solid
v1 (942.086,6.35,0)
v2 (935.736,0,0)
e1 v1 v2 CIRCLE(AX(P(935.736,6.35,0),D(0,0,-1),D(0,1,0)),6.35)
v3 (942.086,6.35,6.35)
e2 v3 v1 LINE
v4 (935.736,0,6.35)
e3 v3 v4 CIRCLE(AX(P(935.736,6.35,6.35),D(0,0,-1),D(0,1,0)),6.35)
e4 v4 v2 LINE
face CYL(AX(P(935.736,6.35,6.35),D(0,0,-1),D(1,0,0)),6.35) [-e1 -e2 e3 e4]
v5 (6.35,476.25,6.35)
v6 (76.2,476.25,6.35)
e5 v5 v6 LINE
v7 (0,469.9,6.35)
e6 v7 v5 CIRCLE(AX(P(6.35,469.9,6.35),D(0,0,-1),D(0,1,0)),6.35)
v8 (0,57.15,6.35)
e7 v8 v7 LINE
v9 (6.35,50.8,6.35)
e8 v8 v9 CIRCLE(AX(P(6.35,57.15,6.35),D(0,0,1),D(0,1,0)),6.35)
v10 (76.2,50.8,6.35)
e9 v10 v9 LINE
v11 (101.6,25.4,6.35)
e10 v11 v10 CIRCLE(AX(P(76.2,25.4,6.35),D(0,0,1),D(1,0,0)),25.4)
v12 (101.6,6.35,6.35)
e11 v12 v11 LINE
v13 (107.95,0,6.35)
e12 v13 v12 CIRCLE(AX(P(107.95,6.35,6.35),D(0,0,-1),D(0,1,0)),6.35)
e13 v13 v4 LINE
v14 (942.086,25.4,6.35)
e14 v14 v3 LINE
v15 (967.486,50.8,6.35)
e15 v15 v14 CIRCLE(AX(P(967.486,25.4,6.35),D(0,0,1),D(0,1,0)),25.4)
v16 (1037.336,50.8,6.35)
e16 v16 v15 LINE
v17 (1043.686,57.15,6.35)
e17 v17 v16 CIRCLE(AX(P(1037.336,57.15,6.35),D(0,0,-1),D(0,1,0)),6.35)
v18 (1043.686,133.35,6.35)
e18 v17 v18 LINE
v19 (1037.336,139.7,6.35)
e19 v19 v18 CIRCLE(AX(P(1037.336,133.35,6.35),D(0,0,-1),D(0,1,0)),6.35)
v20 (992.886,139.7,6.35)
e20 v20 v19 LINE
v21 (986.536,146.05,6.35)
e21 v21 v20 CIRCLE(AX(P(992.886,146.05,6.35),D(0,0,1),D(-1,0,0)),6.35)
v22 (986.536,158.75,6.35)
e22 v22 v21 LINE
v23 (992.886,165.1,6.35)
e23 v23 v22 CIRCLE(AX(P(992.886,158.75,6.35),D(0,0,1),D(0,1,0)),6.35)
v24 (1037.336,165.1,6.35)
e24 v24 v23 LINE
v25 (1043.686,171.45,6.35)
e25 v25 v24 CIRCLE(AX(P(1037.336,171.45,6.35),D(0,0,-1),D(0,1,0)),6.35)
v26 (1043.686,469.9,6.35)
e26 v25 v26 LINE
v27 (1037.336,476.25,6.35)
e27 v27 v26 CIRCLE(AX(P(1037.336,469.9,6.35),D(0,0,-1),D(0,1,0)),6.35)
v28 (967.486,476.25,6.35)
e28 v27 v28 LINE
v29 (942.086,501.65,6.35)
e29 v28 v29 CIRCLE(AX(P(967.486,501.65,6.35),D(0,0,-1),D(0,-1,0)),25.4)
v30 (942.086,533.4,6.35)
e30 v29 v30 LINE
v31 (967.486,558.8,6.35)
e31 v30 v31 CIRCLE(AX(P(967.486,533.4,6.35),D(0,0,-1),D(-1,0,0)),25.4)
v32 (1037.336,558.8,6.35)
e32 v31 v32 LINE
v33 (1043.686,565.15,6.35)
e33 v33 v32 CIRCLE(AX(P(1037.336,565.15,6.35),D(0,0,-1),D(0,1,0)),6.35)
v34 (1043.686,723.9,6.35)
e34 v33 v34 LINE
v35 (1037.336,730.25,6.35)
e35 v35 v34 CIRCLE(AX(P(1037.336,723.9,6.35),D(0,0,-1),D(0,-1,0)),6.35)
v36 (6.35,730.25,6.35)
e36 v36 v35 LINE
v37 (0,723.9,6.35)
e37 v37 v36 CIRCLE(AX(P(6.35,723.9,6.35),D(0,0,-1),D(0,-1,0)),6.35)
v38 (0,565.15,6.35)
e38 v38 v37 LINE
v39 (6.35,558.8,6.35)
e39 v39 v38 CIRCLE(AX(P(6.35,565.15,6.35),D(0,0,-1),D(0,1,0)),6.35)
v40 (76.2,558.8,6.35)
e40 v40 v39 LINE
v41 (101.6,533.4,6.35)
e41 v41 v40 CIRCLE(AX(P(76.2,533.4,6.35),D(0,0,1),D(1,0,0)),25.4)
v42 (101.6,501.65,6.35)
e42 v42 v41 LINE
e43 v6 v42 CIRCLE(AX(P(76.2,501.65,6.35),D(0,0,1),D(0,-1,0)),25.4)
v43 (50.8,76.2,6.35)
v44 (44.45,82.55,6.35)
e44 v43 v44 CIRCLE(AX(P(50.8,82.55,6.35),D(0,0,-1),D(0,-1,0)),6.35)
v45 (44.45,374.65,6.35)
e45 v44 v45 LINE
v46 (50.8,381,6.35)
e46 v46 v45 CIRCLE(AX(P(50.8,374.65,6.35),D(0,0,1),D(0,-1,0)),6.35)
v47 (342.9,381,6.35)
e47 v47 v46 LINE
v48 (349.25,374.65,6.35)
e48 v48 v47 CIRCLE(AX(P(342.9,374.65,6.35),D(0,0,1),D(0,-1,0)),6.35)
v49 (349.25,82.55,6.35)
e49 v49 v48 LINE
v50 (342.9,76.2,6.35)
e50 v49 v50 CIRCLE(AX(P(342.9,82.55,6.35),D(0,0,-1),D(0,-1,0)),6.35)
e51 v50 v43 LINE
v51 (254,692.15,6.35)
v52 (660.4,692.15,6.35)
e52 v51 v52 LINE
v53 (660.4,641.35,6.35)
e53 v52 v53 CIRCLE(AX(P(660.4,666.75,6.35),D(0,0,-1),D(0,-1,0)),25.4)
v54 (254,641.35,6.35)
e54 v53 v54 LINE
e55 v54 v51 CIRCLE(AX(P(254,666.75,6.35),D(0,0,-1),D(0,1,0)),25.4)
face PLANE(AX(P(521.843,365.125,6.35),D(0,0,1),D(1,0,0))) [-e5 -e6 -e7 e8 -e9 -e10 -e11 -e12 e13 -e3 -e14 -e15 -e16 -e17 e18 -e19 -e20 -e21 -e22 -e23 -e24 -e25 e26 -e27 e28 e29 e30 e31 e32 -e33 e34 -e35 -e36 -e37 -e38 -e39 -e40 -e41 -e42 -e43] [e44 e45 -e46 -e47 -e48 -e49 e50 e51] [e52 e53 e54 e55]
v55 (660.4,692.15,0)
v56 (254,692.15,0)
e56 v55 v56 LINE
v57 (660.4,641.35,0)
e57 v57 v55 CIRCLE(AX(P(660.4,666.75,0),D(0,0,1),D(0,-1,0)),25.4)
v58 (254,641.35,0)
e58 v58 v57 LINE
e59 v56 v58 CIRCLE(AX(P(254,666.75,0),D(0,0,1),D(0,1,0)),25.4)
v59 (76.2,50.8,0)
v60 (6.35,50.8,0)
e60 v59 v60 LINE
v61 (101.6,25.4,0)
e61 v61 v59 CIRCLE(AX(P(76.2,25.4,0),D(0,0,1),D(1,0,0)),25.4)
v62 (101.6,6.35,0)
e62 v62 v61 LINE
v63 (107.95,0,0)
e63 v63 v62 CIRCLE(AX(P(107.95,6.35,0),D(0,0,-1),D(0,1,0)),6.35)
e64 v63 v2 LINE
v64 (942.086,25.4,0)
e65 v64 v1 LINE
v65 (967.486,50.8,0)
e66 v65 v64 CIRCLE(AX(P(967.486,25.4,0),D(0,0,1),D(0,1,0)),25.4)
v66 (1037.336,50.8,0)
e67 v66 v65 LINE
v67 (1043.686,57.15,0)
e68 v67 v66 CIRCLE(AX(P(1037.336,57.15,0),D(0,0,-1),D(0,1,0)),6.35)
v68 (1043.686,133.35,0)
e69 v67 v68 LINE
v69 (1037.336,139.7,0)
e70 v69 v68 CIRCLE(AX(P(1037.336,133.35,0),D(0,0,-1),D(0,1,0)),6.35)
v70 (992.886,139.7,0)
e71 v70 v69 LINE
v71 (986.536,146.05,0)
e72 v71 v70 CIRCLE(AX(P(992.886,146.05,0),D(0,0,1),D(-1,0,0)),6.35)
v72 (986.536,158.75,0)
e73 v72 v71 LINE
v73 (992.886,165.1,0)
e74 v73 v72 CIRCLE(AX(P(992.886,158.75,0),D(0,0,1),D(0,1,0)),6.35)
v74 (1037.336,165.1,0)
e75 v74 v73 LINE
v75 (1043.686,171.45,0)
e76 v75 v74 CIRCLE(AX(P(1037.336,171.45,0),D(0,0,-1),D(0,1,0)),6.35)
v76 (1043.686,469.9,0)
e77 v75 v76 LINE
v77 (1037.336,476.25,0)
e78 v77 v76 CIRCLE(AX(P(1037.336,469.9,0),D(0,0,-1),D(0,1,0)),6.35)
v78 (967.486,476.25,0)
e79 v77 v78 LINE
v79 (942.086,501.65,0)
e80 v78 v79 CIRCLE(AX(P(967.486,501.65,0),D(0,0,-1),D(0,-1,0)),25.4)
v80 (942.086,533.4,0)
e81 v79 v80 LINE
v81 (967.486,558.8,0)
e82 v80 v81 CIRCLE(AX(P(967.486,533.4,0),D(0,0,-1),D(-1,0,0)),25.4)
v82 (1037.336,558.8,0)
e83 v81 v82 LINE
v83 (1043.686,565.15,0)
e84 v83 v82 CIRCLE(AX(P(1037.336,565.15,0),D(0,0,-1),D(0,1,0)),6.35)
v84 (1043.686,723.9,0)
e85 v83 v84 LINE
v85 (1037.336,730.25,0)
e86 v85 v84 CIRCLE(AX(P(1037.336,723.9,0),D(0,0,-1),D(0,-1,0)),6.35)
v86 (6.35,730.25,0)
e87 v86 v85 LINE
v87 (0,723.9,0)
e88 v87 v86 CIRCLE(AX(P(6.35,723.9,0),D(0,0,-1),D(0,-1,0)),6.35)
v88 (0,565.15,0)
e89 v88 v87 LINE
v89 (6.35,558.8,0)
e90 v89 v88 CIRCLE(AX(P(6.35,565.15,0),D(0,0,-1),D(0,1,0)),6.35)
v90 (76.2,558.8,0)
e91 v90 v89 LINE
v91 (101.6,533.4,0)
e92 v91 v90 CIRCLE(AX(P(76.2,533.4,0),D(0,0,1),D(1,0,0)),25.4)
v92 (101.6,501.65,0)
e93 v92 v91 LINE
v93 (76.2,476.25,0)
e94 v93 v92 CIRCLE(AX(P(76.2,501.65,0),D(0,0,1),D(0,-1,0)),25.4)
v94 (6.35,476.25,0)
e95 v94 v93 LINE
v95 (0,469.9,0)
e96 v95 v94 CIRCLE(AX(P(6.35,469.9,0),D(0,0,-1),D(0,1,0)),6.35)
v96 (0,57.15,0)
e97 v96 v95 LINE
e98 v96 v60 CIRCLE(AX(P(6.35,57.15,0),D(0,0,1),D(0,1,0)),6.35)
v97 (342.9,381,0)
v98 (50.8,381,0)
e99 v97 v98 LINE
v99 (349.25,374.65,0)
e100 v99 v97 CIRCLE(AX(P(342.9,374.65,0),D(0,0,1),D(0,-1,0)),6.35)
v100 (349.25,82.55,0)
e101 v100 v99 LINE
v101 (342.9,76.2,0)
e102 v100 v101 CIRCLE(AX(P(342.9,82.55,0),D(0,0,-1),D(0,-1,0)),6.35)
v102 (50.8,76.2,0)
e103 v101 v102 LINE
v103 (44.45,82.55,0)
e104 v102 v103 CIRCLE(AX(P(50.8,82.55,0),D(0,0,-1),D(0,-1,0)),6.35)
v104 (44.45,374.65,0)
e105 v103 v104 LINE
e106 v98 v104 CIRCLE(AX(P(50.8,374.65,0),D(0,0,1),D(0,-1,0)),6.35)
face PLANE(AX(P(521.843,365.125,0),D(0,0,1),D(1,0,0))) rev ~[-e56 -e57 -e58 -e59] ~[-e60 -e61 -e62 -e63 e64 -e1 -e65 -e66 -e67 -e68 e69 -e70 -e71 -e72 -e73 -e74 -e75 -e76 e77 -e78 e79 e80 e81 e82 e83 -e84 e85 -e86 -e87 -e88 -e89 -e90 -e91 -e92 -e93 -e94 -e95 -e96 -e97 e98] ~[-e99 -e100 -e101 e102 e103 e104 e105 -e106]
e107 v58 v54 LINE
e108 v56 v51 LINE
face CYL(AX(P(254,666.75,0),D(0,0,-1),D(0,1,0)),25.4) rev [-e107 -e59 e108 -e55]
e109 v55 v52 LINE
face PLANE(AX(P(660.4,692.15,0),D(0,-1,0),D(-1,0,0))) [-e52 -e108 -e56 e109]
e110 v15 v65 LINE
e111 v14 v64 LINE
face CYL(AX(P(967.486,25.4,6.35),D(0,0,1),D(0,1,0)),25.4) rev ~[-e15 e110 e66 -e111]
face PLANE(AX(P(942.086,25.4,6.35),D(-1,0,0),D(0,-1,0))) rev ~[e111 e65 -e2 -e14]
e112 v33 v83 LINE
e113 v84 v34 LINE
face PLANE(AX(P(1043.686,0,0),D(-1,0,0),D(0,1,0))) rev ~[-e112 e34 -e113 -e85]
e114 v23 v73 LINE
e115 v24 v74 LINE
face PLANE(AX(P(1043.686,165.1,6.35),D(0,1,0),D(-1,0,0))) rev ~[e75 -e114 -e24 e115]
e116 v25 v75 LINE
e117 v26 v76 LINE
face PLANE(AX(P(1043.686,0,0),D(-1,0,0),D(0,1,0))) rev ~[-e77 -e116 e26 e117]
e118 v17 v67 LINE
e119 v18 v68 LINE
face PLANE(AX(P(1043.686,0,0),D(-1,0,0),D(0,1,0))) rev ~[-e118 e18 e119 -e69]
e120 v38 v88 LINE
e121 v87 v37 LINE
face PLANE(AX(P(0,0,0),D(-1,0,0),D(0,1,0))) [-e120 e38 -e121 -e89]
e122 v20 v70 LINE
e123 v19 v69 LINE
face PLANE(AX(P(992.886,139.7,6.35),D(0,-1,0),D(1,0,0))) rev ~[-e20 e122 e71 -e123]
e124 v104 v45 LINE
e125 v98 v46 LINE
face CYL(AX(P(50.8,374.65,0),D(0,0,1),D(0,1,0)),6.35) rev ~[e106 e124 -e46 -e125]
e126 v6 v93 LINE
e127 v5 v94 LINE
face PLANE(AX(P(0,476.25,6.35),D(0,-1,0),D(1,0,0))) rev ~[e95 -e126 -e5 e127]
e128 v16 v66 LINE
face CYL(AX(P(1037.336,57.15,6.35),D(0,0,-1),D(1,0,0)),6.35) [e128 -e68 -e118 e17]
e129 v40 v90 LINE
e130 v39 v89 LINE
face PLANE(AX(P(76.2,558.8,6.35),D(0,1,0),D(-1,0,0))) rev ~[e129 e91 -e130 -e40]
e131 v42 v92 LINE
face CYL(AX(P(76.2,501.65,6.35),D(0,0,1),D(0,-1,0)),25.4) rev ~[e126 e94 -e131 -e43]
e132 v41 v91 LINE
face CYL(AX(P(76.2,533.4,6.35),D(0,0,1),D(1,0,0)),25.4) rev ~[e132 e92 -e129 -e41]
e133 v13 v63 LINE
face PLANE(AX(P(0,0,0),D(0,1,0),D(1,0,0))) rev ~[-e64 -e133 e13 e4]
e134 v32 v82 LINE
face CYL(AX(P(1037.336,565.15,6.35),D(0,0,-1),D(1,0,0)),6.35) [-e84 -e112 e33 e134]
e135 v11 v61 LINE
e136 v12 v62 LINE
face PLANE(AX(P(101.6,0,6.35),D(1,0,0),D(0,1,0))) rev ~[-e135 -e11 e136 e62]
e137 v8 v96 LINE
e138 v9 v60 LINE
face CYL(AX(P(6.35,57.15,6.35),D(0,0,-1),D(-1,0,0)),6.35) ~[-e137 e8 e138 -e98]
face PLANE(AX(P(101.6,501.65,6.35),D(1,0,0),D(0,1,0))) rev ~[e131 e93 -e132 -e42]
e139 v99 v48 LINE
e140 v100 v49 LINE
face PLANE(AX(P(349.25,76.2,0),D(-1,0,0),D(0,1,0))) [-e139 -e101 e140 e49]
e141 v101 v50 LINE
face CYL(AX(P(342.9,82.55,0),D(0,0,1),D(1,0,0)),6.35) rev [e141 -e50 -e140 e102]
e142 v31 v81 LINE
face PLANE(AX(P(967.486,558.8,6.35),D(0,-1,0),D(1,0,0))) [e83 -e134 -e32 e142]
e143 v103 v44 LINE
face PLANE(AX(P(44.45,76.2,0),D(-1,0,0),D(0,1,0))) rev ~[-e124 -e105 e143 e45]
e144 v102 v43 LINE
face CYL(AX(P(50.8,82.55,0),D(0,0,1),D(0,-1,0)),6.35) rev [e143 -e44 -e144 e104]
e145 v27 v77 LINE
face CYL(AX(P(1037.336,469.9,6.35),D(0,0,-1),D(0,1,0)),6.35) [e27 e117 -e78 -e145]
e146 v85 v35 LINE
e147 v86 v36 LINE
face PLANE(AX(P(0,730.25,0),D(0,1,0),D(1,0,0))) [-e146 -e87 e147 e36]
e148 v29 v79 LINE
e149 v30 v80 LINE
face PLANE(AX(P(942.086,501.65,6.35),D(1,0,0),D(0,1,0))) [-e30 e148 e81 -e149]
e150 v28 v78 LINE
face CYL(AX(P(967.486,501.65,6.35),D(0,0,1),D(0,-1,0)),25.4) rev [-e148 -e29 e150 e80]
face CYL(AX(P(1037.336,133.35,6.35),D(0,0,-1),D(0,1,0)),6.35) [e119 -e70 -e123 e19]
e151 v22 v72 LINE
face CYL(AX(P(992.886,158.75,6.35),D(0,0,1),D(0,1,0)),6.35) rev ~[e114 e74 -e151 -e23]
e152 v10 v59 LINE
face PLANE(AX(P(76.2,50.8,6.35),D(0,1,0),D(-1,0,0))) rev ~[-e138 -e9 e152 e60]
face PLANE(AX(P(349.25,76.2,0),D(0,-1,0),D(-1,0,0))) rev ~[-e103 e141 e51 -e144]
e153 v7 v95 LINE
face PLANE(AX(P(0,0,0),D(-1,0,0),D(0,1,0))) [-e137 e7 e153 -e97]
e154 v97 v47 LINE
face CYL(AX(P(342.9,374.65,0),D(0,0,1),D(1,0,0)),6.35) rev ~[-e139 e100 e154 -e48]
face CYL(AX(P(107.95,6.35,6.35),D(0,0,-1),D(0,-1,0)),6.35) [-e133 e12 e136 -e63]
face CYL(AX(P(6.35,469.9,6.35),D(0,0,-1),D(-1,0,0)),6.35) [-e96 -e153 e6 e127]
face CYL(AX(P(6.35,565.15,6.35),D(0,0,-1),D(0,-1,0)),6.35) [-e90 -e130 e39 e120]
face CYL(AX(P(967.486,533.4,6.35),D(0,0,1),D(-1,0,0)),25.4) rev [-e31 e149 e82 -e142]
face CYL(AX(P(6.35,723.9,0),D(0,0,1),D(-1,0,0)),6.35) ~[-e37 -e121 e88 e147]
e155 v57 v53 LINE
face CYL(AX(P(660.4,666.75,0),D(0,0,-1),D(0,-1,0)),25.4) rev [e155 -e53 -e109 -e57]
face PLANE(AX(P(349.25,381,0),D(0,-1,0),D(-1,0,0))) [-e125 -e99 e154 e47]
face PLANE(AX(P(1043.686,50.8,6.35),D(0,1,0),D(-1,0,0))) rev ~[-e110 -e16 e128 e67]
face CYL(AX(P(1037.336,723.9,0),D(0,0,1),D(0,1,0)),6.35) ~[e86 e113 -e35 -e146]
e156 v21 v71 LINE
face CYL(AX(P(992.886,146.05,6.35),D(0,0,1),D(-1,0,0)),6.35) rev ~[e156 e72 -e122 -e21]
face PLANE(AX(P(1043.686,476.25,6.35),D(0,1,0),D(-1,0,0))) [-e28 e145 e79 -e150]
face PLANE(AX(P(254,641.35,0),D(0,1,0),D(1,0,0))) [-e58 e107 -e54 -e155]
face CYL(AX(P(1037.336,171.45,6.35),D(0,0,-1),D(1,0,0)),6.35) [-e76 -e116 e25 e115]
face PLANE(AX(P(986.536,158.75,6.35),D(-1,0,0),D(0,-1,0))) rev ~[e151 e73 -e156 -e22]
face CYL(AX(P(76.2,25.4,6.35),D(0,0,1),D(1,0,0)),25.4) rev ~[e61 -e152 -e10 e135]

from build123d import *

# Parameters (mm, degrees)
SKETCH1_W           = 1043.686
SKETCH1_H           = 730.25
BOSS_EXTRUDE1_DEPTH = 6.35
SKETCH9_W           = 304.8
SKETCH9_H           = 304.8
CUT_EXTRUDE3_DEPTH  = 6.35
CUT_EXTRUDE4_DEPTH  = 6.35
FILLET1_R           = 6.35
CUT_EXTRUDE6_DEPTH  = 7.35


with BuildPart() as part:
    # Sketch1 → Boss-Extrude1 (new body)
    with BuildSketch(Plane.XY):
        with Locations((521.843, 365.125)):
            Rectangle(SKETCH1_W, SKETCH1_H)
    extrude(amount=BOSS_EXTRUDE1_DEPTH)

    # Sketch9 → Cut-Extrude3 (cut)
    with BuildSketch(Plane(origin=(0, 0, 0), x_dir=(-1, 0, 0), z_dir=(0, 0, -1))):
        with Locations((-196.85, 228.6)):
            Rectangle(SKETCH9_W, SKETCH9_H)
    extrude(amount=-CUT_EXTRUDE3_DEPTH, mode=Mode.SUBTRACT)

    # Sketch10 → Cut-Extrude4 (cut)
    with BuildSketch(Plane.XY.offset(6.35)):
        with BuildLine():
            Line((76.2, 50.8), (0, 50.8))
            Line((0, 50.8), (0, 0))
            Line((0, 0), (101.6, 0))
            Line((101.6, 0), (101.6, 25.4))
            ThreePointArc((101.6, 25.4), (94.160512242, 43.360512242), (76.2, 50.8))
        make_face()
        with BuildLine():
            Line((942.086, 25.4), (942.086, 0))
            Line((942.086, 0), (1043.686, 0))
            Line((1043.686, 0), (1043.686, 50.8))
            Line((1043.686, 50.8), (967.486, 50.8))
            ThreePointArc((967.486, 50.8), (949.525487758, 43.360512242), (942.086, 25.4))
        make_face()
        with BuildLine():
            Line((967.486, 558.8), (1043.686, 558.8))
            Line((1043.686, 558.8), (1043.686, 476.25))
            Line((1043.686, 476.25), (967.486, 476.25))
            ThreePointArc((967.486, 476.25), (949.525487758, 483.689487758), (942.086, 501.65))
            Line((942.086, 501.65), (942.086, 533.4))
            ThreePointArc((942.086, 533.4), (949.525487758, 551.360512242), (967.486, 558.8))
        make_face()
        with BuildLine():
            Line((76.2, 558.8), (0, 558.8))
            Line((0, 558.8), (0, 476.25))
            Line((0, 476.25), (76.2, 476.25))
            ThreePointArc((76.2, 476.25), (94.160512242, 483.689487758), (101.6, 501.65))
            Line((101.6, 501.65), (101.6, 533.4))
            ThreePointArc((101.6, 533.4), (94.160512242, 551.360512242), (76.2, 558.8))
        make_face()
        with BuildLine():
            Line((1043.686, 139.7), (1043.686, 165.1))
            Line((1043.686, 165.1), (992.886, 165.1))
            ThreePointArc((992.886, 165.1), (988.395871939, 163.240128061), (986.536, 158.75))
            Line((986.536, 158.75), (986.536, 146.05))
            ThreePointArc((986.536, 146.05), (988.395871939, 141.559871939), (992.886, 139.7))
            Line((992.886, 139.7), (1043.686, 139.7))
        make_face()
    extrude(amount=-CUT_EXTRUDE4_DEPTH, mode=Mode.SUBTRACT)

    # Fillet1
    fillet1_edges = [part.edges().sort_by_distance(p)[0] for p in [
        (349.25, 76.2, 3.175),
        (349.25, 381, 3.175),
        (44.45, 381, 3.175),
        (44.45, 76.2, 3.175),
        (1043.686, 558.8, 3.175),
        (1043.686, 476.25, 3.175),
        (1043.686, 50.8, 3.175),
        (942.086, 0, 3.175),
        (0, 476.25, 3.175),
        (0, 558.8, 3.175),
        (0, 730.25, 3.175),
        (1043.686, 730.25, 3.175),
        (1043.686, 139.7, 3.175),
        (1043.686, 165.1, 3.175),
        (101.6, 0, 3.175),
        (0, 50.8, 3.175),
    ]]
    fillet(fillet1_edges, radius=FILLET1_R)

    # Sketch14 → Cut-Extrude6 (cut, through all)
    with BuildSketch(Plane(origin=(0, 0, 0), x_dir=(-1, 0, 0), z_dir=(0, 0, -1))):
        with BuildLine():
            Line((-660.4, 692.15), (-254, 692.15))
            ThreePointArc((-254, 692.15), (-228.6, 666.75), (-254, 641.35))
            Line((-254, 641.35), (-660.4, 641.35))
            ThreePointArc((-660.4, 641.35), (-685.8, 666.75), (-660.4, 692.15))
        make_face()
    extrude(amount=-CUT_EXTRUDE6_DEPTH, mode=Mode.SUBTRACT)


solid = part.part
